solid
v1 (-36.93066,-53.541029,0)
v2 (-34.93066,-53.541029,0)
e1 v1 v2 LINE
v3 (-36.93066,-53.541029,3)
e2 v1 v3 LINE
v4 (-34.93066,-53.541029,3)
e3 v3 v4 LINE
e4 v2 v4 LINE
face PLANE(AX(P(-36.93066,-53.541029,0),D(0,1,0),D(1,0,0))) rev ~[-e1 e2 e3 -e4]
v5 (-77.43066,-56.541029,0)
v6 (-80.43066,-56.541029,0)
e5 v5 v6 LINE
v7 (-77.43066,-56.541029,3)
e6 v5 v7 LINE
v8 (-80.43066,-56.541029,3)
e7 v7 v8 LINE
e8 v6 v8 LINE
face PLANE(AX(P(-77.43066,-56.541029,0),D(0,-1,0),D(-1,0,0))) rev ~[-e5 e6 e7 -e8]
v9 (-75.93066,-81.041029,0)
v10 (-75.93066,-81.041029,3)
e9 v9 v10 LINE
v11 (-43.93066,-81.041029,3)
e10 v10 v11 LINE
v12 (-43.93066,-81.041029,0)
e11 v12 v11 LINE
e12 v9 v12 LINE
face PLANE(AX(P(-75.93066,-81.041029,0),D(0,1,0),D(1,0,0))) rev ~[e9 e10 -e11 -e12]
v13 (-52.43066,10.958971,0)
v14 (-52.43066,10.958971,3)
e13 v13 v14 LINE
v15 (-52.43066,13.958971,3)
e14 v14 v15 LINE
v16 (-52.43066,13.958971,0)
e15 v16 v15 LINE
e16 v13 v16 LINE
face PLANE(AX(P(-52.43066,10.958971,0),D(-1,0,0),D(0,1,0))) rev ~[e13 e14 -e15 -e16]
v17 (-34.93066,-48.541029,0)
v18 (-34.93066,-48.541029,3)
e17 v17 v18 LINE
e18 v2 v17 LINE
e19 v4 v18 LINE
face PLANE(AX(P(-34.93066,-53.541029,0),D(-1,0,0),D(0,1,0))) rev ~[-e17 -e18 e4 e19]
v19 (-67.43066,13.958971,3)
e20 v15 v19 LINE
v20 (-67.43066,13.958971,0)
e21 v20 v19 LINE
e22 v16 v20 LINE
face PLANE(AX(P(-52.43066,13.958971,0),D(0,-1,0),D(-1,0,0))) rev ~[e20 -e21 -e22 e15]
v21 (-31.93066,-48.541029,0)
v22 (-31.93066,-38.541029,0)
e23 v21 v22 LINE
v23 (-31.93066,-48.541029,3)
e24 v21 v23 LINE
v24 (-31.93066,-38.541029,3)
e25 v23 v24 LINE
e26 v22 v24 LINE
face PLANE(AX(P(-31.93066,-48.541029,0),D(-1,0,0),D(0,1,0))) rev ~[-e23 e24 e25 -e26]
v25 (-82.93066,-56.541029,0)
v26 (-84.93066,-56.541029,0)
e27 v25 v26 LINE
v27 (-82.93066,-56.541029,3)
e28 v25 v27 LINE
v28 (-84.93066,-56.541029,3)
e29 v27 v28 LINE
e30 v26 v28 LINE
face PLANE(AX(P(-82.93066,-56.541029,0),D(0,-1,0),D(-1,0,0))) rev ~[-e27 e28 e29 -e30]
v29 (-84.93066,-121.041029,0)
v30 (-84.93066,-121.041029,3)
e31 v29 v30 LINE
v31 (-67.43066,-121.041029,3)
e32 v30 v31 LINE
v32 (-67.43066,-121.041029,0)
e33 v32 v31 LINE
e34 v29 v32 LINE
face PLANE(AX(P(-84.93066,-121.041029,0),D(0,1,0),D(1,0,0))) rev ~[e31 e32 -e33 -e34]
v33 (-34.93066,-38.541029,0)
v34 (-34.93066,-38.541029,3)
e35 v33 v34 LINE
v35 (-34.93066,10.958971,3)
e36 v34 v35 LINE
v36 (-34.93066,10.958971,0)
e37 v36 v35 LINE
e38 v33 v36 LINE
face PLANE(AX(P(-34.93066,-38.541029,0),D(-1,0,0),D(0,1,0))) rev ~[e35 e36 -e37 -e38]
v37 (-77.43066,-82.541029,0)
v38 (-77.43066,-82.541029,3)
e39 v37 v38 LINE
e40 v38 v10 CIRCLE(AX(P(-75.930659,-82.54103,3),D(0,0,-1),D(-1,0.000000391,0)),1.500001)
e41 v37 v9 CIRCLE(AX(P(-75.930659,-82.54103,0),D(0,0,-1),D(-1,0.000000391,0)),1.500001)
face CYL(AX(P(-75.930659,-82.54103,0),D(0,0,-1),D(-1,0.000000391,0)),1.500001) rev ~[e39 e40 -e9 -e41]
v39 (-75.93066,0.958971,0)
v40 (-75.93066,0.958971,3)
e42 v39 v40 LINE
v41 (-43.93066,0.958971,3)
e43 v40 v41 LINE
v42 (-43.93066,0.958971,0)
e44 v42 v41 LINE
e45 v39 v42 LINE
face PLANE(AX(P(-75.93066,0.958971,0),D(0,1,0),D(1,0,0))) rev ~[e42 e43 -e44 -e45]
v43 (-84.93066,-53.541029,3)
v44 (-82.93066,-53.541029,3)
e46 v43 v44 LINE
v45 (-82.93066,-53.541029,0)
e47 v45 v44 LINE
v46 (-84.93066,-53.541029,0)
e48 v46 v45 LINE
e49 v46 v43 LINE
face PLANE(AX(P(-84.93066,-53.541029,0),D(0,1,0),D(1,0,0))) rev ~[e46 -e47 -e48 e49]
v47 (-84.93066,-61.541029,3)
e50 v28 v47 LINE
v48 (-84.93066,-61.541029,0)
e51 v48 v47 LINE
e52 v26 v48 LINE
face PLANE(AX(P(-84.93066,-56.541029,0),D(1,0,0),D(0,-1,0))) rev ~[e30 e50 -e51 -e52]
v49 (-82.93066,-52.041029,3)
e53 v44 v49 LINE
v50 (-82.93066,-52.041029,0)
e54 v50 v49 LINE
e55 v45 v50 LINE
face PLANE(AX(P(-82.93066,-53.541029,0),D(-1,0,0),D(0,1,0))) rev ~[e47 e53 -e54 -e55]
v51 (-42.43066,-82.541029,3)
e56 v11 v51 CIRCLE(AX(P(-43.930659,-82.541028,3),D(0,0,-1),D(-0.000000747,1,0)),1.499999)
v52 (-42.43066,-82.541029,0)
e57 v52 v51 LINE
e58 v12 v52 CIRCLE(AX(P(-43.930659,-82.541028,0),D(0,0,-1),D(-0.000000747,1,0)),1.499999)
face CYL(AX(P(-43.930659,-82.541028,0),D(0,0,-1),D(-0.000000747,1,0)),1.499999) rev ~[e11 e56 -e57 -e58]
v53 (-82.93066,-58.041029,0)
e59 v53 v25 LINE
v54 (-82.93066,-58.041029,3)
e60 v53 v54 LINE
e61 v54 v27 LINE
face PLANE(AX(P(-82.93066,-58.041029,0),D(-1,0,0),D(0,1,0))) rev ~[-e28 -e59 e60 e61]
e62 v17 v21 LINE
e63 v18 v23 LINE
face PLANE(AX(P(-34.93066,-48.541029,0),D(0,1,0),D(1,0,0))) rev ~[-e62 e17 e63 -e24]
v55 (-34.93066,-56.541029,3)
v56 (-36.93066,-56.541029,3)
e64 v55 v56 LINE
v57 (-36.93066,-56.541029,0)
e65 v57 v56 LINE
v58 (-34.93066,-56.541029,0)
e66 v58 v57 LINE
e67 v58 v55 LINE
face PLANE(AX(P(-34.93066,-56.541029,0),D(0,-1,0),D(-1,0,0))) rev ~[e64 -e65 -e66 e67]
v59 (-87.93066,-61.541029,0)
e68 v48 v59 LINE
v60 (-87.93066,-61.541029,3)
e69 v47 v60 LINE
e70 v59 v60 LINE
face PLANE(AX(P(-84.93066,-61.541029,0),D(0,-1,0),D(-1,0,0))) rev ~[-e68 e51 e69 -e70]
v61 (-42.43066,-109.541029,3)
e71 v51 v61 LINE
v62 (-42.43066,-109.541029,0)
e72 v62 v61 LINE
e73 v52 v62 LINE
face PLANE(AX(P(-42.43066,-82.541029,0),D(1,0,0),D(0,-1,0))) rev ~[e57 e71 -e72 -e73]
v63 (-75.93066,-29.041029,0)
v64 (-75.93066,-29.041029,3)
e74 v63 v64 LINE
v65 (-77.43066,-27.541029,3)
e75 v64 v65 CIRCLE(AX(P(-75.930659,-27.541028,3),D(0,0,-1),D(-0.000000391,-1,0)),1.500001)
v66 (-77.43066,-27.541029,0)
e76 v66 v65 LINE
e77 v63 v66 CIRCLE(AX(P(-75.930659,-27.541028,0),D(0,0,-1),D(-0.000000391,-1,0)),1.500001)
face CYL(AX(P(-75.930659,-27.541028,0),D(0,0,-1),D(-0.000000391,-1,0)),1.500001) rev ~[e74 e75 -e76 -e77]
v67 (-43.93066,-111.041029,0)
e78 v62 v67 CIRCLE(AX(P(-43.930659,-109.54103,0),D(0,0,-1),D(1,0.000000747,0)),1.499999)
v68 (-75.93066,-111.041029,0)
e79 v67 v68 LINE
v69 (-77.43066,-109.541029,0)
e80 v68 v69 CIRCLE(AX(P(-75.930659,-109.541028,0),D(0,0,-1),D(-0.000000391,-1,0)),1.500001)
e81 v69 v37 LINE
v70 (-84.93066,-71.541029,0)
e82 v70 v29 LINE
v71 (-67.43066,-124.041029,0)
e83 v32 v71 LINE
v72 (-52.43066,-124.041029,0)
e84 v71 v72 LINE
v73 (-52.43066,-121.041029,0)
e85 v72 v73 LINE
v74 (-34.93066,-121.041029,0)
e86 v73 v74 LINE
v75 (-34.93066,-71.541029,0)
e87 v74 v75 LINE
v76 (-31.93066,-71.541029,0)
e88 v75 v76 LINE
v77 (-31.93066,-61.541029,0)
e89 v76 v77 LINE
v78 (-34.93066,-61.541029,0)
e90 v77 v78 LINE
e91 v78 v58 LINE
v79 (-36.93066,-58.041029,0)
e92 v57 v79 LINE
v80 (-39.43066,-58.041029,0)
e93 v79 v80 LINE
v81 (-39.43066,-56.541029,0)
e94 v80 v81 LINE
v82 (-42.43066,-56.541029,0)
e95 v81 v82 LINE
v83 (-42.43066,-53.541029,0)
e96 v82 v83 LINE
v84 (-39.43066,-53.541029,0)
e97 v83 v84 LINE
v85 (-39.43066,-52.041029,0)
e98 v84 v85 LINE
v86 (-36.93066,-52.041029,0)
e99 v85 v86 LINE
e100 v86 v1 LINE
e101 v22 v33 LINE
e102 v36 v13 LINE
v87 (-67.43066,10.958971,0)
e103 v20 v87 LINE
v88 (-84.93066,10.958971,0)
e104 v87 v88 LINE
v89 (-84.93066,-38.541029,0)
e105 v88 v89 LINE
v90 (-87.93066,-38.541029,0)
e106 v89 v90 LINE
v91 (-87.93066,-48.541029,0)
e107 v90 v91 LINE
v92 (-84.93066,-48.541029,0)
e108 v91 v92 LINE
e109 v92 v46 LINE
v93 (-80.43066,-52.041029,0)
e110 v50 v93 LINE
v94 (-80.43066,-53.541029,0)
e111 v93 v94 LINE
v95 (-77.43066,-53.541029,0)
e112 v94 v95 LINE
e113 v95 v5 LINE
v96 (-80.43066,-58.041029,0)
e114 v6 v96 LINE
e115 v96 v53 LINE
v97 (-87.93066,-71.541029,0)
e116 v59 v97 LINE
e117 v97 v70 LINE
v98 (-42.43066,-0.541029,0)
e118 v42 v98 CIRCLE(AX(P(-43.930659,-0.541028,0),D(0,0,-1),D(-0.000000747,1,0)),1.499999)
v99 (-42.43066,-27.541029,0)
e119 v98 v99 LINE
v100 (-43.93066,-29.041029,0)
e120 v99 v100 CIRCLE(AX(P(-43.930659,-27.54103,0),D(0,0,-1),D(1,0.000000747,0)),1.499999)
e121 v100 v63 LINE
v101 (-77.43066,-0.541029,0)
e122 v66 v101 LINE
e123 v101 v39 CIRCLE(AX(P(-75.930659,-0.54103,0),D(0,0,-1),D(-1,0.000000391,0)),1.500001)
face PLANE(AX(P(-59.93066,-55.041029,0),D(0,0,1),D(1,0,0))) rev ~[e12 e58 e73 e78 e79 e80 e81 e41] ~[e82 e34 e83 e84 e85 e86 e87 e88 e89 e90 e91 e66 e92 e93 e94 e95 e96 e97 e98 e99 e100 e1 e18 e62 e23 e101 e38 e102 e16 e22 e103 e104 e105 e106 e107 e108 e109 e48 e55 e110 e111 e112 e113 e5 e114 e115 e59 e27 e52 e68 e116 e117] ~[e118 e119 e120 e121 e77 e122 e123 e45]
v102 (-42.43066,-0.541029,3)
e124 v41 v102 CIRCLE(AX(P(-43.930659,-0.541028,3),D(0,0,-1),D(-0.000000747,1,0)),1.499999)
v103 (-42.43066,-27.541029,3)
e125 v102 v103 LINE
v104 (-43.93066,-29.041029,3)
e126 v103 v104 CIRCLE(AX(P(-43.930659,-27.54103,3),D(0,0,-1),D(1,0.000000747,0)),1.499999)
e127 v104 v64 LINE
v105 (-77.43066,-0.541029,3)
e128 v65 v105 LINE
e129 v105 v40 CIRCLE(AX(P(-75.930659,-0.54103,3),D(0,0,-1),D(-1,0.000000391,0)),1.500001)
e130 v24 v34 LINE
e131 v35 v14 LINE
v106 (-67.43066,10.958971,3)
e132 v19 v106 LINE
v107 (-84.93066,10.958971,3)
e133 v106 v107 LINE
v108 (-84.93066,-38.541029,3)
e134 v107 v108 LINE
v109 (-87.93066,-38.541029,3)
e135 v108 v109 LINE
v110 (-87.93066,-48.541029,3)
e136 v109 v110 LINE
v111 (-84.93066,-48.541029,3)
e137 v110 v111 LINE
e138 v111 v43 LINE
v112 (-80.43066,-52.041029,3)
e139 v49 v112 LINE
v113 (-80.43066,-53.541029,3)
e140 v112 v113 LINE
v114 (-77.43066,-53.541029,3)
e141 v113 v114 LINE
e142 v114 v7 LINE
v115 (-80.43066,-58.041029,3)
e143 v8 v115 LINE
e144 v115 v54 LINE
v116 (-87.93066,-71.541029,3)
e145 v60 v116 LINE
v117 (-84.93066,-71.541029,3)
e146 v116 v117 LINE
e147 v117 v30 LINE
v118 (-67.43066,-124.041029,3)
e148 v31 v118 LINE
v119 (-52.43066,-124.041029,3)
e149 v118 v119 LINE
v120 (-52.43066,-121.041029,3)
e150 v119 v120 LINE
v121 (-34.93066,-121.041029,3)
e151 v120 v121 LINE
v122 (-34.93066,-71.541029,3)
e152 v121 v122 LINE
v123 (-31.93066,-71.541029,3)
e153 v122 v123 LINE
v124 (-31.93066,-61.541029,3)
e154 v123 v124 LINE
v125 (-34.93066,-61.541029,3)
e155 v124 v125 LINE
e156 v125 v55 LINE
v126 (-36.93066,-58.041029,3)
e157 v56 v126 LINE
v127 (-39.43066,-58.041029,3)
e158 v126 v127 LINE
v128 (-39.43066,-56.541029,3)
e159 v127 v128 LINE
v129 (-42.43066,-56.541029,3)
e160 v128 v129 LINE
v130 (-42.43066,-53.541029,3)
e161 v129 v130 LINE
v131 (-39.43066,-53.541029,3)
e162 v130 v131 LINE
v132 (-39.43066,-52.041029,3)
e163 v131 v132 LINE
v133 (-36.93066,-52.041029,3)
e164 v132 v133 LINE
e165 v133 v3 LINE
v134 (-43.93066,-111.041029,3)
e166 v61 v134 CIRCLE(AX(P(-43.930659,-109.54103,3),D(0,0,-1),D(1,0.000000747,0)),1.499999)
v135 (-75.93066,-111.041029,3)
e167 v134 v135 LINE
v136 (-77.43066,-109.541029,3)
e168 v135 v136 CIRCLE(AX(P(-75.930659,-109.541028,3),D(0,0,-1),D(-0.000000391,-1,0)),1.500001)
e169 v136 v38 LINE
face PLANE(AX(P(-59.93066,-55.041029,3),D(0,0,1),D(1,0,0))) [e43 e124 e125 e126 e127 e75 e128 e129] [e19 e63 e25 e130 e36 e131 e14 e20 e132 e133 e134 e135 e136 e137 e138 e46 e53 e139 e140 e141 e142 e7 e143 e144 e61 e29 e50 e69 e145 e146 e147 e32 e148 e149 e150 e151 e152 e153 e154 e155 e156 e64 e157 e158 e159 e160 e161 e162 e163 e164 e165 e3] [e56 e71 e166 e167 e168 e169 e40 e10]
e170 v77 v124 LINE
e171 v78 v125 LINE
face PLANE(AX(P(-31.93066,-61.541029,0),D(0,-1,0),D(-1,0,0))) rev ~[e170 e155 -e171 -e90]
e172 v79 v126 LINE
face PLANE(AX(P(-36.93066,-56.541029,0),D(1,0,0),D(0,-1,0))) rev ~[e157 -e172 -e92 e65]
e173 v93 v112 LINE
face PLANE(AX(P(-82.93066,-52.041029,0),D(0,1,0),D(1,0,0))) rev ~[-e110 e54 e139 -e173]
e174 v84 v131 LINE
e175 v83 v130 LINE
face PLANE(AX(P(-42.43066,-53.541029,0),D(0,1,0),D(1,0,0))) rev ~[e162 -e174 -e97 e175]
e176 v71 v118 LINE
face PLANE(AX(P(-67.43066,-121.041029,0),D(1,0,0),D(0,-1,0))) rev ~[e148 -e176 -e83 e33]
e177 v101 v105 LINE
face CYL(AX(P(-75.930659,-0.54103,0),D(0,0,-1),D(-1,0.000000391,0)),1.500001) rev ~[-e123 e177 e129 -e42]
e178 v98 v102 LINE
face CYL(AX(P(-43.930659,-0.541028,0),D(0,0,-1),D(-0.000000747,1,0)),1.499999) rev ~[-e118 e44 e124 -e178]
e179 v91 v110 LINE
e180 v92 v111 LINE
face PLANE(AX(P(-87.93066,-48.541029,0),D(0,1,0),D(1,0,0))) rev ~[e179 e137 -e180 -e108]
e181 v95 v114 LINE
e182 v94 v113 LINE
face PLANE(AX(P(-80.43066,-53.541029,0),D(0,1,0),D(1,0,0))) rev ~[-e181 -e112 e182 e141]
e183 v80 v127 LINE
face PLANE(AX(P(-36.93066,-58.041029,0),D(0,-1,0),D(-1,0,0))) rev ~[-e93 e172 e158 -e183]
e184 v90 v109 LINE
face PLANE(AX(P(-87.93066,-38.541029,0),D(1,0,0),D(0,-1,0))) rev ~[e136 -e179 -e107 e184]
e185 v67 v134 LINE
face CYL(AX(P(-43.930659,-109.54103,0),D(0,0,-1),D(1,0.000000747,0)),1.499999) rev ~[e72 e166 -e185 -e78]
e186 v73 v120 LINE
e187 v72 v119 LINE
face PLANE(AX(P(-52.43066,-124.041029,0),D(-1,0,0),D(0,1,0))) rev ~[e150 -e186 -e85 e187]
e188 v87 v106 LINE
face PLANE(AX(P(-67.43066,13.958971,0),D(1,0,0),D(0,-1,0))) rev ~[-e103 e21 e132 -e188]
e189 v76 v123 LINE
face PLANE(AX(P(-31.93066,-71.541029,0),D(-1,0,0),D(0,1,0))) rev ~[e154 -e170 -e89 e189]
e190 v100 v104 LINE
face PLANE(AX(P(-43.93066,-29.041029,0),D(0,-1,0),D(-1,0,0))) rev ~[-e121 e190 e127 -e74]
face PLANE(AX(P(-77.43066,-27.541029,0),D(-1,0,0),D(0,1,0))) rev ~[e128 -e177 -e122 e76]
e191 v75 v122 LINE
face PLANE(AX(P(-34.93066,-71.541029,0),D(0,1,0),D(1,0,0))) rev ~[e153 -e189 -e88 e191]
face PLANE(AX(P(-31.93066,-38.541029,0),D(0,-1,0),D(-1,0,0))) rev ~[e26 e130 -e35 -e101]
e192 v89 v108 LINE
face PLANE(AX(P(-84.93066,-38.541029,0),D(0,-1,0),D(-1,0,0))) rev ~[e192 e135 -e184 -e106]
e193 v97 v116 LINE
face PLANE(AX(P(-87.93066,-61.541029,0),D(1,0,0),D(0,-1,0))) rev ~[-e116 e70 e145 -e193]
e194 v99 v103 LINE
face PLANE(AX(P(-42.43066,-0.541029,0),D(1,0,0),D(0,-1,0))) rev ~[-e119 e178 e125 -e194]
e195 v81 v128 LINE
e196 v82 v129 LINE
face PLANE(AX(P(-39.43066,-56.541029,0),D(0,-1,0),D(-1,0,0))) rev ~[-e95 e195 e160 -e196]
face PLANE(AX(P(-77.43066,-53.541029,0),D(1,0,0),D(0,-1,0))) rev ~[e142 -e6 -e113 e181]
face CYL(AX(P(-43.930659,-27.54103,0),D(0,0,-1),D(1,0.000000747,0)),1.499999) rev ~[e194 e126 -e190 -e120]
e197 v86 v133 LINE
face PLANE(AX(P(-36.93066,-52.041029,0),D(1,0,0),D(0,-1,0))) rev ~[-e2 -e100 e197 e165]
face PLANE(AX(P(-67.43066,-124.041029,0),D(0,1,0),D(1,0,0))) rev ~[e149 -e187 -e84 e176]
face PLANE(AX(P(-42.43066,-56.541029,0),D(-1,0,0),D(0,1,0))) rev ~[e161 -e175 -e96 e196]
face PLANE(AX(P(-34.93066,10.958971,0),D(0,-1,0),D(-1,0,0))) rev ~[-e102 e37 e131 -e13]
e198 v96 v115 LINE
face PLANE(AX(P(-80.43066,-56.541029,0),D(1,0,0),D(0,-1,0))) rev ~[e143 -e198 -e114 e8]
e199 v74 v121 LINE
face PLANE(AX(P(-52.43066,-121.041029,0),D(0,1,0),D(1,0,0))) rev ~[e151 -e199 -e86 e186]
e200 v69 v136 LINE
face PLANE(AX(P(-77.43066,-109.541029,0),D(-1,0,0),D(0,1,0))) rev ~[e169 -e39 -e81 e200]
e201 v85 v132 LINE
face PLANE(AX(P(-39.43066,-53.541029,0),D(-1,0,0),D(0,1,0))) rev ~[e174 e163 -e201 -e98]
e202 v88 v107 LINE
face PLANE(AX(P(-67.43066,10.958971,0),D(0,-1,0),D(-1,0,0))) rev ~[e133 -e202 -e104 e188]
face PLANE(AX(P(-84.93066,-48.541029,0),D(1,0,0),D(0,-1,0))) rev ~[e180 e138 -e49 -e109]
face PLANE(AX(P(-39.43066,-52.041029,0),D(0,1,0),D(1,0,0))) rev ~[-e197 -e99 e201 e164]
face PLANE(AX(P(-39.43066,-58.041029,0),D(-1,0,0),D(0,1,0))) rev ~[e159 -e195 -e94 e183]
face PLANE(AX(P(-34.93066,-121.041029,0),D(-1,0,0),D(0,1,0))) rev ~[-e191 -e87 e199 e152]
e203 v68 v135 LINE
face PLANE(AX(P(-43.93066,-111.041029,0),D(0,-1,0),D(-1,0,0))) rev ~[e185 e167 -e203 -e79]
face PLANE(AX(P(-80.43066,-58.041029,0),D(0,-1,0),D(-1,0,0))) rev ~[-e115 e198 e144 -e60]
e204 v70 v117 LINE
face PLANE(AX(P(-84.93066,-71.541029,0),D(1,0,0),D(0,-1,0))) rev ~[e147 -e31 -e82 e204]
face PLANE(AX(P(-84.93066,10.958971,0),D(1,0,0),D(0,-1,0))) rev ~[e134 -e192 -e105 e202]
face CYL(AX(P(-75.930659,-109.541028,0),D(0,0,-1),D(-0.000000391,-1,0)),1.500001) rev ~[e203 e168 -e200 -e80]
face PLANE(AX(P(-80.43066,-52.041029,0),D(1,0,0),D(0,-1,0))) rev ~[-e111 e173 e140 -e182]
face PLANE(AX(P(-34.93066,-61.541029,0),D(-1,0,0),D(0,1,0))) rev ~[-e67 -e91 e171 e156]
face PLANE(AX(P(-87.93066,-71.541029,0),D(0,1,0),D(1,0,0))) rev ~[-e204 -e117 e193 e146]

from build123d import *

# Parameters (mm, degrees)
F1_DEPTH = 3


with BuildPart() as f1:
    # F0 (on Top) → F1 (new body)
    with BuildSketch(Plane.XY):
        Polygon((-34.93066, -38.541029), (-34.93066, 10.958971), (-52.43066, 10.958971), (-52.43066, 13.958971), (-67.43066, 13.958971), (-67.43066, 10.958971), (-84.93066, 10.958971), (-84.93066, -38.541029), (-87.93066, -38.541029), (-87.93066, -48.541029), (-84.93066, -48.541029), (-84.93066, -53.541029), (-82.93066, -53.541029), (-82.93066, -52.041029), (-80.43066, -52.041029), (-80.43066, -53.541029), (-77.43066, -53.541029), (-77.43066, -56.541029), (-80.43066, -56.541029), (-80.43066, -58.041029), (-82.93066, -58.041029), (-82.93066, -56.541029), (-84.93066, -56.541029), (-84.93066, -61.541029), (-87.93066, -61.541029), (-87.93066, -71.541029), (-84.93066, -71.541029), (-84.93066, -121.041029), (-67.43066, -121.041029), (-67.43066, -124.041029), (-52.43066, -124.041029), (-52.43066, -121.041029), (-34.93066, -121.041029), (-34.93066, -71.541029), (-31.93066, -71.541029), (-31.93066, -61.541029), (-34.93066, -61.541029), (-34.93066, -56.541029), (-36.93066, -56.541029), (-36.93066, -58.041029), (-39.43066, -58.041029), (-39.43066, -56.541029), (-42.43066, -56.541029), (-42.43066, -53.541029), (-39.43066, -53.541029), (-39.43066, -52.041029), (-36.93066, -52.041029), (-36.93066, -53.541029), (-34.93066, -53.541029), (-34.93066, -48.541029), (-31.93066, -48.541029), (-31.93066, -38.541029), align=None)
        with BuildLine():
            Line((-75.93066, -81.041029), (-43.93066, -81.041029))
            ThreePointArc((-43.93066, -81.041029), (-42.869999, -81.480369), (-42.43066, -82.541029))
            Line((-42.43066, -82.541029), (-42.43066, -109.541029))
            ThreePointArc((-42.43066, -109.541029), (-42.869999, -110.601689), (-43.93066, -111.041029))
            Line((-43.93066, -111.041029), (-75.93066, -111.041029))
            ThreePointArc((-75.93066, -111.041029), (-76.99132, -110.601689), (-77.43066, -109.541029))
            Line((-77.43066, -109.541029), (-77.43066, -82.541029))
            ThreePointArc((-77.43066, -82.541029), (-76.99132, -81.480369), (-75.93066, -81.041029))
        make_face(mode=Mode.SUBTRACT)
        with BuildLine():
            ThreePointArc((-77.43066, -0.541029), (-76.99132, 0.519631), (-75.93066, 0.958971))
            Line((-75.93066, 0.958971), (-43.93066, 0.958971))
            ThreePointArc((-43.93066, 0.958971), (-42.869999, 0.519631), (-42.43066, -0.541029))
            Line((-42.43066, -0.541029), (-42.43066, -27.541029))
            ThreePointArc((-42.43066, -27.541029), (-42.869999, -28.601689), (-43.93066, -29.041029))
            Line((-43.93066, -29.041029), (-75.93066, -29.041029))
            ThreePointArc((-75.93066, -29.041029), (-76.99132, -28.601689), (-77.43066, -27.541029))
            Line((-77.43066, -27.541029), (-77.43066, -0.541029))
        make_face(mode=Mode.SUBTRACT)
    extrude(amount=F1_DEPTH)


solid = f1.part
